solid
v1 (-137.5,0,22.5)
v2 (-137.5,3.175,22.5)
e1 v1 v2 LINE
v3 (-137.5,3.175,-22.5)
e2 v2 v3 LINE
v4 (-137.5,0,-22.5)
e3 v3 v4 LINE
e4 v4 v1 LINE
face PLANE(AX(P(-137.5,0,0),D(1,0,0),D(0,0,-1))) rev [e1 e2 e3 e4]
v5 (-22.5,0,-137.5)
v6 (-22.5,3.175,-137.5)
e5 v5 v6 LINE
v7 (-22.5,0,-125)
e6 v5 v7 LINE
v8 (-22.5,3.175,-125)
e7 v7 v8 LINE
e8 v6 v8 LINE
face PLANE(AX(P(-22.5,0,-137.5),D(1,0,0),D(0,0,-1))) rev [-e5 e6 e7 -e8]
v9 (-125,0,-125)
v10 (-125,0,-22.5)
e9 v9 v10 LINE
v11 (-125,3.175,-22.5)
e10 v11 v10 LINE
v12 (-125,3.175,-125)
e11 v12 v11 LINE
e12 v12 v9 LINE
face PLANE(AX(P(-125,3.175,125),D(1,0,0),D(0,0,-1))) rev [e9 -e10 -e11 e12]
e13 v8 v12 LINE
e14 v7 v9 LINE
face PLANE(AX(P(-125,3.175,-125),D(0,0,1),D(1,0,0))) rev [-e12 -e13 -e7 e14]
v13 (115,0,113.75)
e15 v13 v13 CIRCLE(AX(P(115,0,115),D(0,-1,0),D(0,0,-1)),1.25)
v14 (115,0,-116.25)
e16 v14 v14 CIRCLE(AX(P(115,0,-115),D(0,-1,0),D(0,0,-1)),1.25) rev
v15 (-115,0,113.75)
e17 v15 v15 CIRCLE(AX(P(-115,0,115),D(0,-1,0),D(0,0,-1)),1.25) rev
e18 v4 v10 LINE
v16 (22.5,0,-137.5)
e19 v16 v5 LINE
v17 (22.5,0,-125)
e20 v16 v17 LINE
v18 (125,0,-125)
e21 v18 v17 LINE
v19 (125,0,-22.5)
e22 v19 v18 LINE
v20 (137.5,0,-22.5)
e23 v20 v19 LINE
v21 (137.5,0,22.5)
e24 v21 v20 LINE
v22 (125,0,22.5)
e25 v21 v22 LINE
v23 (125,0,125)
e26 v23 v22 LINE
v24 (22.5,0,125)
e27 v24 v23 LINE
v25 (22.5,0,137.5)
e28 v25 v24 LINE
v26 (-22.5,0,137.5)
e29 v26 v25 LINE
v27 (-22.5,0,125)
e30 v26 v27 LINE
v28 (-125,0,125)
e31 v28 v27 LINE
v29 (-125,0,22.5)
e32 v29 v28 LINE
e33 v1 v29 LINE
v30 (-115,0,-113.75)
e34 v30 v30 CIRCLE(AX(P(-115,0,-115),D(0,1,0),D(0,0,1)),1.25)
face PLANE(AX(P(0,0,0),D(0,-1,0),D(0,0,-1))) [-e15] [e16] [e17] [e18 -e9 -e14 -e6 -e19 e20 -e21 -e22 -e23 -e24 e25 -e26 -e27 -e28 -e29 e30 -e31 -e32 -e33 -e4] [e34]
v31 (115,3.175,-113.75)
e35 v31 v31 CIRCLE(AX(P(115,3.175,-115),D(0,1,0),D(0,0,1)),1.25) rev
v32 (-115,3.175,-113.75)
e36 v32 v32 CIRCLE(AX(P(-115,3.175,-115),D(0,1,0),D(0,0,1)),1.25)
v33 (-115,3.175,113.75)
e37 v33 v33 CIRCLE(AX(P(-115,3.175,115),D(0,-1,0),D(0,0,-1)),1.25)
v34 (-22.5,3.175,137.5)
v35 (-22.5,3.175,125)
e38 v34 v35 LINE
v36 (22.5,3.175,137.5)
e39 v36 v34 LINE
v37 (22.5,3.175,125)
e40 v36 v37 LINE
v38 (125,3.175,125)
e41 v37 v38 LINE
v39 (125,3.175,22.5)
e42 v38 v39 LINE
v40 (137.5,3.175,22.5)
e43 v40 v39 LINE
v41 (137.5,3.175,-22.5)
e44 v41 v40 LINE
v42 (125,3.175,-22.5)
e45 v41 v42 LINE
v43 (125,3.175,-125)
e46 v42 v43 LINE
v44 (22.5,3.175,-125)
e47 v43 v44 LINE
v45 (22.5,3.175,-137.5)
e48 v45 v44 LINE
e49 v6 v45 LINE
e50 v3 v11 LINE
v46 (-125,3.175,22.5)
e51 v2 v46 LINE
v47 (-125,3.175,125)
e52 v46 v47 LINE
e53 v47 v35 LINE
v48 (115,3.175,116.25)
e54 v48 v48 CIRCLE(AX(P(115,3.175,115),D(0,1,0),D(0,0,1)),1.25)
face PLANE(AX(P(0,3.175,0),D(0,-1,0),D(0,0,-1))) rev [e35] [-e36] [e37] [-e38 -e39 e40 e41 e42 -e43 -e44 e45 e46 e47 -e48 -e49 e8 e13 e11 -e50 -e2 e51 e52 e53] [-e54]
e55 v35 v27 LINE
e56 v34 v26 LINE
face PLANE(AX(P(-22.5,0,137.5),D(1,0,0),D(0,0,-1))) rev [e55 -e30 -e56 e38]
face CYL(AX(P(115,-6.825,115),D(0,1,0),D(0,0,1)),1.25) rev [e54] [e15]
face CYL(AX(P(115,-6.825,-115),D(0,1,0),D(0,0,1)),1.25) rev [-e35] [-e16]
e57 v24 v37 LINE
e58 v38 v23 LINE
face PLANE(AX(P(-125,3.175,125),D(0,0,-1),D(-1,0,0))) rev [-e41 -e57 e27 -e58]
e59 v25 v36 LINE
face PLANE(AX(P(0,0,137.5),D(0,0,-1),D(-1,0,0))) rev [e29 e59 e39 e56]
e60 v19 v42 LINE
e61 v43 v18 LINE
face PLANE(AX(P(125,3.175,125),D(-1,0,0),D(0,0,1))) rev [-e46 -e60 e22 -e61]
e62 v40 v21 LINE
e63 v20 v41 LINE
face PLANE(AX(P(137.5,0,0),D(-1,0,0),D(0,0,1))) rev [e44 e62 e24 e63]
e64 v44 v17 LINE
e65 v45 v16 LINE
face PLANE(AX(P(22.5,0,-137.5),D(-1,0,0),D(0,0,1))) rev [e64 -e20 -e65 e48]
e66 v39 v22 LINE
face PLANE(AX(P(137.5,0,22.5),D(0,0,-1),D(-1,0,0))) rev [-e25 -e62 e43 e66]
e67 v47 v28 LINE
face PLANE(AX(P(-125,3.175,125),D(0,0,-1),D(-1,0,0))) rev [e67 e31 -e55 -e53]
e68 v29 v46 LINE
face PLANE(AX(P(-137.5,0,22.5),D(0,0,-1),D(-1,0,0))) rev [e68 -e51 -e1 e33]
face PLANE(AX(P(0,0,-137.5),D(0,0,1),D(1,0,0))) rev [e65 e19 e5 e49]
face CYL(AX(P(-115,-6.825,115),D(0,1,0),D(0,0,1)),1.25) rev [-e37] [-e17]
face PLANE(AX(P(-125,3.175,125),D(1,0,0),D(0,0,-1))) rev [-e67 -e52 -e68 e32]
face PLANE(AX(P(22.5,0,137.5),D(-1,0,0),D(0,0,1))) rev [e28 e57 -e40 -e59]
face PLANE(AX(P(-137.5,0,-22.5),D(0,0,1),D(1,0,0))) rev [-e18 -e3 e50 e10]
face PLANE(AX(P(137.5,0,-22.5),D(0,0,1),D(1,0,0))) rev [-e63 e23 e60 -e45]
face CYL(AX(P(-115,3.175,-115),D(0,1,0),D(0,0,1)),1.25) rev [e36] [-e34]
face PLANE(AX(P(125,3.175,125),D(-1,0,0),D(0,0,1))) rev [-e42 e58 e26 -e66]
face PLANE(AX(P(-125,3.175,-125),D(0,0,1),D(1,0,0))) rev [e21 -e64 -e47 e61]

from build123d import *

# Parameters (mm, degrees)
SKETCH2_W              = 250
SKETCH2_H              = 250
BASE_DEPTH             = 3.175
SKETCH10_W             = 45
SKETCH10_H             = 3.175
JIGSAW1_DEPTH          = 12.5
SKETCH11_W             = 45
SKETCH11_H             = 3.175
JIGSAW2_DEPTH          = 12.5
SKETCH13_W             = 45
SKETCH13_H             = 3.175
JIGSAW3_DEPTH          = 12.5
SKETCH14_W             = 45
SKETCH14_H             = 3.175
JIGSAW4_DEPTH          = 12.5
STANDOFF_HOLES_D       = 2.5
SKETCH21_R             = 1.25
STANDOFF_HOLES_2_DEPTH = 10


with BuildPart() as part:
    # Sketch2 → Base (new body)
    with BuildSketch(Plane(origin=(0, 0, 0), x_dir=(1, 0, 0), z_dir=(0, 1, 0))):
        Rectangle(SKETCH2_W, SKETCH2_H)
    extrude(amount=BASE_DEPTH)

    # Sketch10 → Jigsaw1 (add)
    with BuildSketch(Plane(origin=(0, 0, -125), x_dir=(-1, 0, 0), z_dir=(0, 0, -1))):
        with Locations((0, 1.5875)):
            Rectangle(SKETCH10_W, SKETCH10_H)
    extrude(amount=JIGSAW1_DEPTH)

    # Sketch11 → Jigsaw2 (add)
    with BuildSketch(Plane.ZY.offset(125)):
        with Locations((0, 1.5875)):
            Rectangle(SKETCH11_W, SKETCH11_H)
    extrude(amount=JIGSAW2_DEPTH)

    # Sketch13 → Jigsaw3 (add)
    with BuildSketch(Plane.XY.offset(125)):
        with Locations((0, 1.5875)):
            Rectangle(SKETCH13_W, SKETCH13_H)
    extrude(amount=JIGSAW3_DEPTH)

    # Sketch14 → Jigsaw4 (add)
    with BuildSketch(Plane(origin=(125, 0, 0), x_dir=(0, 0, -1), z_dir=(1, 0, 0))):
        with Locations((0, 1.5875)):
            Rectangle(SKETCH14_W, SKETCH14_H)
    extrude(amount=JIGSAW4_DEPTH)

    # Standoff Holes (through all)
    with Locations(Plane(origin=(-115, 3.175, -115), x_dir=(0, 0, 1), z_dir=(0, 1, 0))):
        with Locations((0, 0)):
            Hole(STANDOFF_HOLES_D / 2)

    # Sketch21 → Standoff Holes 2 (cut)
    with BuildSketch(Plane(origin=(0, 3.175, 0), x_dir=(1, 0, 0), z_dir=(0, 1, 0))):
        with Locations((115, 115)):
            Circle(SKETCH21_R)
        with Locations((115, -115)):
            Circle(SKETCH21_R)
        with Locations((-115, -115)):
            Circle(SKETCH21_R)
    extrude(amount=-STANDOFF_HOLES_2_DEPTH, mode=Mode.SUBTRACT)


solid = part.part
